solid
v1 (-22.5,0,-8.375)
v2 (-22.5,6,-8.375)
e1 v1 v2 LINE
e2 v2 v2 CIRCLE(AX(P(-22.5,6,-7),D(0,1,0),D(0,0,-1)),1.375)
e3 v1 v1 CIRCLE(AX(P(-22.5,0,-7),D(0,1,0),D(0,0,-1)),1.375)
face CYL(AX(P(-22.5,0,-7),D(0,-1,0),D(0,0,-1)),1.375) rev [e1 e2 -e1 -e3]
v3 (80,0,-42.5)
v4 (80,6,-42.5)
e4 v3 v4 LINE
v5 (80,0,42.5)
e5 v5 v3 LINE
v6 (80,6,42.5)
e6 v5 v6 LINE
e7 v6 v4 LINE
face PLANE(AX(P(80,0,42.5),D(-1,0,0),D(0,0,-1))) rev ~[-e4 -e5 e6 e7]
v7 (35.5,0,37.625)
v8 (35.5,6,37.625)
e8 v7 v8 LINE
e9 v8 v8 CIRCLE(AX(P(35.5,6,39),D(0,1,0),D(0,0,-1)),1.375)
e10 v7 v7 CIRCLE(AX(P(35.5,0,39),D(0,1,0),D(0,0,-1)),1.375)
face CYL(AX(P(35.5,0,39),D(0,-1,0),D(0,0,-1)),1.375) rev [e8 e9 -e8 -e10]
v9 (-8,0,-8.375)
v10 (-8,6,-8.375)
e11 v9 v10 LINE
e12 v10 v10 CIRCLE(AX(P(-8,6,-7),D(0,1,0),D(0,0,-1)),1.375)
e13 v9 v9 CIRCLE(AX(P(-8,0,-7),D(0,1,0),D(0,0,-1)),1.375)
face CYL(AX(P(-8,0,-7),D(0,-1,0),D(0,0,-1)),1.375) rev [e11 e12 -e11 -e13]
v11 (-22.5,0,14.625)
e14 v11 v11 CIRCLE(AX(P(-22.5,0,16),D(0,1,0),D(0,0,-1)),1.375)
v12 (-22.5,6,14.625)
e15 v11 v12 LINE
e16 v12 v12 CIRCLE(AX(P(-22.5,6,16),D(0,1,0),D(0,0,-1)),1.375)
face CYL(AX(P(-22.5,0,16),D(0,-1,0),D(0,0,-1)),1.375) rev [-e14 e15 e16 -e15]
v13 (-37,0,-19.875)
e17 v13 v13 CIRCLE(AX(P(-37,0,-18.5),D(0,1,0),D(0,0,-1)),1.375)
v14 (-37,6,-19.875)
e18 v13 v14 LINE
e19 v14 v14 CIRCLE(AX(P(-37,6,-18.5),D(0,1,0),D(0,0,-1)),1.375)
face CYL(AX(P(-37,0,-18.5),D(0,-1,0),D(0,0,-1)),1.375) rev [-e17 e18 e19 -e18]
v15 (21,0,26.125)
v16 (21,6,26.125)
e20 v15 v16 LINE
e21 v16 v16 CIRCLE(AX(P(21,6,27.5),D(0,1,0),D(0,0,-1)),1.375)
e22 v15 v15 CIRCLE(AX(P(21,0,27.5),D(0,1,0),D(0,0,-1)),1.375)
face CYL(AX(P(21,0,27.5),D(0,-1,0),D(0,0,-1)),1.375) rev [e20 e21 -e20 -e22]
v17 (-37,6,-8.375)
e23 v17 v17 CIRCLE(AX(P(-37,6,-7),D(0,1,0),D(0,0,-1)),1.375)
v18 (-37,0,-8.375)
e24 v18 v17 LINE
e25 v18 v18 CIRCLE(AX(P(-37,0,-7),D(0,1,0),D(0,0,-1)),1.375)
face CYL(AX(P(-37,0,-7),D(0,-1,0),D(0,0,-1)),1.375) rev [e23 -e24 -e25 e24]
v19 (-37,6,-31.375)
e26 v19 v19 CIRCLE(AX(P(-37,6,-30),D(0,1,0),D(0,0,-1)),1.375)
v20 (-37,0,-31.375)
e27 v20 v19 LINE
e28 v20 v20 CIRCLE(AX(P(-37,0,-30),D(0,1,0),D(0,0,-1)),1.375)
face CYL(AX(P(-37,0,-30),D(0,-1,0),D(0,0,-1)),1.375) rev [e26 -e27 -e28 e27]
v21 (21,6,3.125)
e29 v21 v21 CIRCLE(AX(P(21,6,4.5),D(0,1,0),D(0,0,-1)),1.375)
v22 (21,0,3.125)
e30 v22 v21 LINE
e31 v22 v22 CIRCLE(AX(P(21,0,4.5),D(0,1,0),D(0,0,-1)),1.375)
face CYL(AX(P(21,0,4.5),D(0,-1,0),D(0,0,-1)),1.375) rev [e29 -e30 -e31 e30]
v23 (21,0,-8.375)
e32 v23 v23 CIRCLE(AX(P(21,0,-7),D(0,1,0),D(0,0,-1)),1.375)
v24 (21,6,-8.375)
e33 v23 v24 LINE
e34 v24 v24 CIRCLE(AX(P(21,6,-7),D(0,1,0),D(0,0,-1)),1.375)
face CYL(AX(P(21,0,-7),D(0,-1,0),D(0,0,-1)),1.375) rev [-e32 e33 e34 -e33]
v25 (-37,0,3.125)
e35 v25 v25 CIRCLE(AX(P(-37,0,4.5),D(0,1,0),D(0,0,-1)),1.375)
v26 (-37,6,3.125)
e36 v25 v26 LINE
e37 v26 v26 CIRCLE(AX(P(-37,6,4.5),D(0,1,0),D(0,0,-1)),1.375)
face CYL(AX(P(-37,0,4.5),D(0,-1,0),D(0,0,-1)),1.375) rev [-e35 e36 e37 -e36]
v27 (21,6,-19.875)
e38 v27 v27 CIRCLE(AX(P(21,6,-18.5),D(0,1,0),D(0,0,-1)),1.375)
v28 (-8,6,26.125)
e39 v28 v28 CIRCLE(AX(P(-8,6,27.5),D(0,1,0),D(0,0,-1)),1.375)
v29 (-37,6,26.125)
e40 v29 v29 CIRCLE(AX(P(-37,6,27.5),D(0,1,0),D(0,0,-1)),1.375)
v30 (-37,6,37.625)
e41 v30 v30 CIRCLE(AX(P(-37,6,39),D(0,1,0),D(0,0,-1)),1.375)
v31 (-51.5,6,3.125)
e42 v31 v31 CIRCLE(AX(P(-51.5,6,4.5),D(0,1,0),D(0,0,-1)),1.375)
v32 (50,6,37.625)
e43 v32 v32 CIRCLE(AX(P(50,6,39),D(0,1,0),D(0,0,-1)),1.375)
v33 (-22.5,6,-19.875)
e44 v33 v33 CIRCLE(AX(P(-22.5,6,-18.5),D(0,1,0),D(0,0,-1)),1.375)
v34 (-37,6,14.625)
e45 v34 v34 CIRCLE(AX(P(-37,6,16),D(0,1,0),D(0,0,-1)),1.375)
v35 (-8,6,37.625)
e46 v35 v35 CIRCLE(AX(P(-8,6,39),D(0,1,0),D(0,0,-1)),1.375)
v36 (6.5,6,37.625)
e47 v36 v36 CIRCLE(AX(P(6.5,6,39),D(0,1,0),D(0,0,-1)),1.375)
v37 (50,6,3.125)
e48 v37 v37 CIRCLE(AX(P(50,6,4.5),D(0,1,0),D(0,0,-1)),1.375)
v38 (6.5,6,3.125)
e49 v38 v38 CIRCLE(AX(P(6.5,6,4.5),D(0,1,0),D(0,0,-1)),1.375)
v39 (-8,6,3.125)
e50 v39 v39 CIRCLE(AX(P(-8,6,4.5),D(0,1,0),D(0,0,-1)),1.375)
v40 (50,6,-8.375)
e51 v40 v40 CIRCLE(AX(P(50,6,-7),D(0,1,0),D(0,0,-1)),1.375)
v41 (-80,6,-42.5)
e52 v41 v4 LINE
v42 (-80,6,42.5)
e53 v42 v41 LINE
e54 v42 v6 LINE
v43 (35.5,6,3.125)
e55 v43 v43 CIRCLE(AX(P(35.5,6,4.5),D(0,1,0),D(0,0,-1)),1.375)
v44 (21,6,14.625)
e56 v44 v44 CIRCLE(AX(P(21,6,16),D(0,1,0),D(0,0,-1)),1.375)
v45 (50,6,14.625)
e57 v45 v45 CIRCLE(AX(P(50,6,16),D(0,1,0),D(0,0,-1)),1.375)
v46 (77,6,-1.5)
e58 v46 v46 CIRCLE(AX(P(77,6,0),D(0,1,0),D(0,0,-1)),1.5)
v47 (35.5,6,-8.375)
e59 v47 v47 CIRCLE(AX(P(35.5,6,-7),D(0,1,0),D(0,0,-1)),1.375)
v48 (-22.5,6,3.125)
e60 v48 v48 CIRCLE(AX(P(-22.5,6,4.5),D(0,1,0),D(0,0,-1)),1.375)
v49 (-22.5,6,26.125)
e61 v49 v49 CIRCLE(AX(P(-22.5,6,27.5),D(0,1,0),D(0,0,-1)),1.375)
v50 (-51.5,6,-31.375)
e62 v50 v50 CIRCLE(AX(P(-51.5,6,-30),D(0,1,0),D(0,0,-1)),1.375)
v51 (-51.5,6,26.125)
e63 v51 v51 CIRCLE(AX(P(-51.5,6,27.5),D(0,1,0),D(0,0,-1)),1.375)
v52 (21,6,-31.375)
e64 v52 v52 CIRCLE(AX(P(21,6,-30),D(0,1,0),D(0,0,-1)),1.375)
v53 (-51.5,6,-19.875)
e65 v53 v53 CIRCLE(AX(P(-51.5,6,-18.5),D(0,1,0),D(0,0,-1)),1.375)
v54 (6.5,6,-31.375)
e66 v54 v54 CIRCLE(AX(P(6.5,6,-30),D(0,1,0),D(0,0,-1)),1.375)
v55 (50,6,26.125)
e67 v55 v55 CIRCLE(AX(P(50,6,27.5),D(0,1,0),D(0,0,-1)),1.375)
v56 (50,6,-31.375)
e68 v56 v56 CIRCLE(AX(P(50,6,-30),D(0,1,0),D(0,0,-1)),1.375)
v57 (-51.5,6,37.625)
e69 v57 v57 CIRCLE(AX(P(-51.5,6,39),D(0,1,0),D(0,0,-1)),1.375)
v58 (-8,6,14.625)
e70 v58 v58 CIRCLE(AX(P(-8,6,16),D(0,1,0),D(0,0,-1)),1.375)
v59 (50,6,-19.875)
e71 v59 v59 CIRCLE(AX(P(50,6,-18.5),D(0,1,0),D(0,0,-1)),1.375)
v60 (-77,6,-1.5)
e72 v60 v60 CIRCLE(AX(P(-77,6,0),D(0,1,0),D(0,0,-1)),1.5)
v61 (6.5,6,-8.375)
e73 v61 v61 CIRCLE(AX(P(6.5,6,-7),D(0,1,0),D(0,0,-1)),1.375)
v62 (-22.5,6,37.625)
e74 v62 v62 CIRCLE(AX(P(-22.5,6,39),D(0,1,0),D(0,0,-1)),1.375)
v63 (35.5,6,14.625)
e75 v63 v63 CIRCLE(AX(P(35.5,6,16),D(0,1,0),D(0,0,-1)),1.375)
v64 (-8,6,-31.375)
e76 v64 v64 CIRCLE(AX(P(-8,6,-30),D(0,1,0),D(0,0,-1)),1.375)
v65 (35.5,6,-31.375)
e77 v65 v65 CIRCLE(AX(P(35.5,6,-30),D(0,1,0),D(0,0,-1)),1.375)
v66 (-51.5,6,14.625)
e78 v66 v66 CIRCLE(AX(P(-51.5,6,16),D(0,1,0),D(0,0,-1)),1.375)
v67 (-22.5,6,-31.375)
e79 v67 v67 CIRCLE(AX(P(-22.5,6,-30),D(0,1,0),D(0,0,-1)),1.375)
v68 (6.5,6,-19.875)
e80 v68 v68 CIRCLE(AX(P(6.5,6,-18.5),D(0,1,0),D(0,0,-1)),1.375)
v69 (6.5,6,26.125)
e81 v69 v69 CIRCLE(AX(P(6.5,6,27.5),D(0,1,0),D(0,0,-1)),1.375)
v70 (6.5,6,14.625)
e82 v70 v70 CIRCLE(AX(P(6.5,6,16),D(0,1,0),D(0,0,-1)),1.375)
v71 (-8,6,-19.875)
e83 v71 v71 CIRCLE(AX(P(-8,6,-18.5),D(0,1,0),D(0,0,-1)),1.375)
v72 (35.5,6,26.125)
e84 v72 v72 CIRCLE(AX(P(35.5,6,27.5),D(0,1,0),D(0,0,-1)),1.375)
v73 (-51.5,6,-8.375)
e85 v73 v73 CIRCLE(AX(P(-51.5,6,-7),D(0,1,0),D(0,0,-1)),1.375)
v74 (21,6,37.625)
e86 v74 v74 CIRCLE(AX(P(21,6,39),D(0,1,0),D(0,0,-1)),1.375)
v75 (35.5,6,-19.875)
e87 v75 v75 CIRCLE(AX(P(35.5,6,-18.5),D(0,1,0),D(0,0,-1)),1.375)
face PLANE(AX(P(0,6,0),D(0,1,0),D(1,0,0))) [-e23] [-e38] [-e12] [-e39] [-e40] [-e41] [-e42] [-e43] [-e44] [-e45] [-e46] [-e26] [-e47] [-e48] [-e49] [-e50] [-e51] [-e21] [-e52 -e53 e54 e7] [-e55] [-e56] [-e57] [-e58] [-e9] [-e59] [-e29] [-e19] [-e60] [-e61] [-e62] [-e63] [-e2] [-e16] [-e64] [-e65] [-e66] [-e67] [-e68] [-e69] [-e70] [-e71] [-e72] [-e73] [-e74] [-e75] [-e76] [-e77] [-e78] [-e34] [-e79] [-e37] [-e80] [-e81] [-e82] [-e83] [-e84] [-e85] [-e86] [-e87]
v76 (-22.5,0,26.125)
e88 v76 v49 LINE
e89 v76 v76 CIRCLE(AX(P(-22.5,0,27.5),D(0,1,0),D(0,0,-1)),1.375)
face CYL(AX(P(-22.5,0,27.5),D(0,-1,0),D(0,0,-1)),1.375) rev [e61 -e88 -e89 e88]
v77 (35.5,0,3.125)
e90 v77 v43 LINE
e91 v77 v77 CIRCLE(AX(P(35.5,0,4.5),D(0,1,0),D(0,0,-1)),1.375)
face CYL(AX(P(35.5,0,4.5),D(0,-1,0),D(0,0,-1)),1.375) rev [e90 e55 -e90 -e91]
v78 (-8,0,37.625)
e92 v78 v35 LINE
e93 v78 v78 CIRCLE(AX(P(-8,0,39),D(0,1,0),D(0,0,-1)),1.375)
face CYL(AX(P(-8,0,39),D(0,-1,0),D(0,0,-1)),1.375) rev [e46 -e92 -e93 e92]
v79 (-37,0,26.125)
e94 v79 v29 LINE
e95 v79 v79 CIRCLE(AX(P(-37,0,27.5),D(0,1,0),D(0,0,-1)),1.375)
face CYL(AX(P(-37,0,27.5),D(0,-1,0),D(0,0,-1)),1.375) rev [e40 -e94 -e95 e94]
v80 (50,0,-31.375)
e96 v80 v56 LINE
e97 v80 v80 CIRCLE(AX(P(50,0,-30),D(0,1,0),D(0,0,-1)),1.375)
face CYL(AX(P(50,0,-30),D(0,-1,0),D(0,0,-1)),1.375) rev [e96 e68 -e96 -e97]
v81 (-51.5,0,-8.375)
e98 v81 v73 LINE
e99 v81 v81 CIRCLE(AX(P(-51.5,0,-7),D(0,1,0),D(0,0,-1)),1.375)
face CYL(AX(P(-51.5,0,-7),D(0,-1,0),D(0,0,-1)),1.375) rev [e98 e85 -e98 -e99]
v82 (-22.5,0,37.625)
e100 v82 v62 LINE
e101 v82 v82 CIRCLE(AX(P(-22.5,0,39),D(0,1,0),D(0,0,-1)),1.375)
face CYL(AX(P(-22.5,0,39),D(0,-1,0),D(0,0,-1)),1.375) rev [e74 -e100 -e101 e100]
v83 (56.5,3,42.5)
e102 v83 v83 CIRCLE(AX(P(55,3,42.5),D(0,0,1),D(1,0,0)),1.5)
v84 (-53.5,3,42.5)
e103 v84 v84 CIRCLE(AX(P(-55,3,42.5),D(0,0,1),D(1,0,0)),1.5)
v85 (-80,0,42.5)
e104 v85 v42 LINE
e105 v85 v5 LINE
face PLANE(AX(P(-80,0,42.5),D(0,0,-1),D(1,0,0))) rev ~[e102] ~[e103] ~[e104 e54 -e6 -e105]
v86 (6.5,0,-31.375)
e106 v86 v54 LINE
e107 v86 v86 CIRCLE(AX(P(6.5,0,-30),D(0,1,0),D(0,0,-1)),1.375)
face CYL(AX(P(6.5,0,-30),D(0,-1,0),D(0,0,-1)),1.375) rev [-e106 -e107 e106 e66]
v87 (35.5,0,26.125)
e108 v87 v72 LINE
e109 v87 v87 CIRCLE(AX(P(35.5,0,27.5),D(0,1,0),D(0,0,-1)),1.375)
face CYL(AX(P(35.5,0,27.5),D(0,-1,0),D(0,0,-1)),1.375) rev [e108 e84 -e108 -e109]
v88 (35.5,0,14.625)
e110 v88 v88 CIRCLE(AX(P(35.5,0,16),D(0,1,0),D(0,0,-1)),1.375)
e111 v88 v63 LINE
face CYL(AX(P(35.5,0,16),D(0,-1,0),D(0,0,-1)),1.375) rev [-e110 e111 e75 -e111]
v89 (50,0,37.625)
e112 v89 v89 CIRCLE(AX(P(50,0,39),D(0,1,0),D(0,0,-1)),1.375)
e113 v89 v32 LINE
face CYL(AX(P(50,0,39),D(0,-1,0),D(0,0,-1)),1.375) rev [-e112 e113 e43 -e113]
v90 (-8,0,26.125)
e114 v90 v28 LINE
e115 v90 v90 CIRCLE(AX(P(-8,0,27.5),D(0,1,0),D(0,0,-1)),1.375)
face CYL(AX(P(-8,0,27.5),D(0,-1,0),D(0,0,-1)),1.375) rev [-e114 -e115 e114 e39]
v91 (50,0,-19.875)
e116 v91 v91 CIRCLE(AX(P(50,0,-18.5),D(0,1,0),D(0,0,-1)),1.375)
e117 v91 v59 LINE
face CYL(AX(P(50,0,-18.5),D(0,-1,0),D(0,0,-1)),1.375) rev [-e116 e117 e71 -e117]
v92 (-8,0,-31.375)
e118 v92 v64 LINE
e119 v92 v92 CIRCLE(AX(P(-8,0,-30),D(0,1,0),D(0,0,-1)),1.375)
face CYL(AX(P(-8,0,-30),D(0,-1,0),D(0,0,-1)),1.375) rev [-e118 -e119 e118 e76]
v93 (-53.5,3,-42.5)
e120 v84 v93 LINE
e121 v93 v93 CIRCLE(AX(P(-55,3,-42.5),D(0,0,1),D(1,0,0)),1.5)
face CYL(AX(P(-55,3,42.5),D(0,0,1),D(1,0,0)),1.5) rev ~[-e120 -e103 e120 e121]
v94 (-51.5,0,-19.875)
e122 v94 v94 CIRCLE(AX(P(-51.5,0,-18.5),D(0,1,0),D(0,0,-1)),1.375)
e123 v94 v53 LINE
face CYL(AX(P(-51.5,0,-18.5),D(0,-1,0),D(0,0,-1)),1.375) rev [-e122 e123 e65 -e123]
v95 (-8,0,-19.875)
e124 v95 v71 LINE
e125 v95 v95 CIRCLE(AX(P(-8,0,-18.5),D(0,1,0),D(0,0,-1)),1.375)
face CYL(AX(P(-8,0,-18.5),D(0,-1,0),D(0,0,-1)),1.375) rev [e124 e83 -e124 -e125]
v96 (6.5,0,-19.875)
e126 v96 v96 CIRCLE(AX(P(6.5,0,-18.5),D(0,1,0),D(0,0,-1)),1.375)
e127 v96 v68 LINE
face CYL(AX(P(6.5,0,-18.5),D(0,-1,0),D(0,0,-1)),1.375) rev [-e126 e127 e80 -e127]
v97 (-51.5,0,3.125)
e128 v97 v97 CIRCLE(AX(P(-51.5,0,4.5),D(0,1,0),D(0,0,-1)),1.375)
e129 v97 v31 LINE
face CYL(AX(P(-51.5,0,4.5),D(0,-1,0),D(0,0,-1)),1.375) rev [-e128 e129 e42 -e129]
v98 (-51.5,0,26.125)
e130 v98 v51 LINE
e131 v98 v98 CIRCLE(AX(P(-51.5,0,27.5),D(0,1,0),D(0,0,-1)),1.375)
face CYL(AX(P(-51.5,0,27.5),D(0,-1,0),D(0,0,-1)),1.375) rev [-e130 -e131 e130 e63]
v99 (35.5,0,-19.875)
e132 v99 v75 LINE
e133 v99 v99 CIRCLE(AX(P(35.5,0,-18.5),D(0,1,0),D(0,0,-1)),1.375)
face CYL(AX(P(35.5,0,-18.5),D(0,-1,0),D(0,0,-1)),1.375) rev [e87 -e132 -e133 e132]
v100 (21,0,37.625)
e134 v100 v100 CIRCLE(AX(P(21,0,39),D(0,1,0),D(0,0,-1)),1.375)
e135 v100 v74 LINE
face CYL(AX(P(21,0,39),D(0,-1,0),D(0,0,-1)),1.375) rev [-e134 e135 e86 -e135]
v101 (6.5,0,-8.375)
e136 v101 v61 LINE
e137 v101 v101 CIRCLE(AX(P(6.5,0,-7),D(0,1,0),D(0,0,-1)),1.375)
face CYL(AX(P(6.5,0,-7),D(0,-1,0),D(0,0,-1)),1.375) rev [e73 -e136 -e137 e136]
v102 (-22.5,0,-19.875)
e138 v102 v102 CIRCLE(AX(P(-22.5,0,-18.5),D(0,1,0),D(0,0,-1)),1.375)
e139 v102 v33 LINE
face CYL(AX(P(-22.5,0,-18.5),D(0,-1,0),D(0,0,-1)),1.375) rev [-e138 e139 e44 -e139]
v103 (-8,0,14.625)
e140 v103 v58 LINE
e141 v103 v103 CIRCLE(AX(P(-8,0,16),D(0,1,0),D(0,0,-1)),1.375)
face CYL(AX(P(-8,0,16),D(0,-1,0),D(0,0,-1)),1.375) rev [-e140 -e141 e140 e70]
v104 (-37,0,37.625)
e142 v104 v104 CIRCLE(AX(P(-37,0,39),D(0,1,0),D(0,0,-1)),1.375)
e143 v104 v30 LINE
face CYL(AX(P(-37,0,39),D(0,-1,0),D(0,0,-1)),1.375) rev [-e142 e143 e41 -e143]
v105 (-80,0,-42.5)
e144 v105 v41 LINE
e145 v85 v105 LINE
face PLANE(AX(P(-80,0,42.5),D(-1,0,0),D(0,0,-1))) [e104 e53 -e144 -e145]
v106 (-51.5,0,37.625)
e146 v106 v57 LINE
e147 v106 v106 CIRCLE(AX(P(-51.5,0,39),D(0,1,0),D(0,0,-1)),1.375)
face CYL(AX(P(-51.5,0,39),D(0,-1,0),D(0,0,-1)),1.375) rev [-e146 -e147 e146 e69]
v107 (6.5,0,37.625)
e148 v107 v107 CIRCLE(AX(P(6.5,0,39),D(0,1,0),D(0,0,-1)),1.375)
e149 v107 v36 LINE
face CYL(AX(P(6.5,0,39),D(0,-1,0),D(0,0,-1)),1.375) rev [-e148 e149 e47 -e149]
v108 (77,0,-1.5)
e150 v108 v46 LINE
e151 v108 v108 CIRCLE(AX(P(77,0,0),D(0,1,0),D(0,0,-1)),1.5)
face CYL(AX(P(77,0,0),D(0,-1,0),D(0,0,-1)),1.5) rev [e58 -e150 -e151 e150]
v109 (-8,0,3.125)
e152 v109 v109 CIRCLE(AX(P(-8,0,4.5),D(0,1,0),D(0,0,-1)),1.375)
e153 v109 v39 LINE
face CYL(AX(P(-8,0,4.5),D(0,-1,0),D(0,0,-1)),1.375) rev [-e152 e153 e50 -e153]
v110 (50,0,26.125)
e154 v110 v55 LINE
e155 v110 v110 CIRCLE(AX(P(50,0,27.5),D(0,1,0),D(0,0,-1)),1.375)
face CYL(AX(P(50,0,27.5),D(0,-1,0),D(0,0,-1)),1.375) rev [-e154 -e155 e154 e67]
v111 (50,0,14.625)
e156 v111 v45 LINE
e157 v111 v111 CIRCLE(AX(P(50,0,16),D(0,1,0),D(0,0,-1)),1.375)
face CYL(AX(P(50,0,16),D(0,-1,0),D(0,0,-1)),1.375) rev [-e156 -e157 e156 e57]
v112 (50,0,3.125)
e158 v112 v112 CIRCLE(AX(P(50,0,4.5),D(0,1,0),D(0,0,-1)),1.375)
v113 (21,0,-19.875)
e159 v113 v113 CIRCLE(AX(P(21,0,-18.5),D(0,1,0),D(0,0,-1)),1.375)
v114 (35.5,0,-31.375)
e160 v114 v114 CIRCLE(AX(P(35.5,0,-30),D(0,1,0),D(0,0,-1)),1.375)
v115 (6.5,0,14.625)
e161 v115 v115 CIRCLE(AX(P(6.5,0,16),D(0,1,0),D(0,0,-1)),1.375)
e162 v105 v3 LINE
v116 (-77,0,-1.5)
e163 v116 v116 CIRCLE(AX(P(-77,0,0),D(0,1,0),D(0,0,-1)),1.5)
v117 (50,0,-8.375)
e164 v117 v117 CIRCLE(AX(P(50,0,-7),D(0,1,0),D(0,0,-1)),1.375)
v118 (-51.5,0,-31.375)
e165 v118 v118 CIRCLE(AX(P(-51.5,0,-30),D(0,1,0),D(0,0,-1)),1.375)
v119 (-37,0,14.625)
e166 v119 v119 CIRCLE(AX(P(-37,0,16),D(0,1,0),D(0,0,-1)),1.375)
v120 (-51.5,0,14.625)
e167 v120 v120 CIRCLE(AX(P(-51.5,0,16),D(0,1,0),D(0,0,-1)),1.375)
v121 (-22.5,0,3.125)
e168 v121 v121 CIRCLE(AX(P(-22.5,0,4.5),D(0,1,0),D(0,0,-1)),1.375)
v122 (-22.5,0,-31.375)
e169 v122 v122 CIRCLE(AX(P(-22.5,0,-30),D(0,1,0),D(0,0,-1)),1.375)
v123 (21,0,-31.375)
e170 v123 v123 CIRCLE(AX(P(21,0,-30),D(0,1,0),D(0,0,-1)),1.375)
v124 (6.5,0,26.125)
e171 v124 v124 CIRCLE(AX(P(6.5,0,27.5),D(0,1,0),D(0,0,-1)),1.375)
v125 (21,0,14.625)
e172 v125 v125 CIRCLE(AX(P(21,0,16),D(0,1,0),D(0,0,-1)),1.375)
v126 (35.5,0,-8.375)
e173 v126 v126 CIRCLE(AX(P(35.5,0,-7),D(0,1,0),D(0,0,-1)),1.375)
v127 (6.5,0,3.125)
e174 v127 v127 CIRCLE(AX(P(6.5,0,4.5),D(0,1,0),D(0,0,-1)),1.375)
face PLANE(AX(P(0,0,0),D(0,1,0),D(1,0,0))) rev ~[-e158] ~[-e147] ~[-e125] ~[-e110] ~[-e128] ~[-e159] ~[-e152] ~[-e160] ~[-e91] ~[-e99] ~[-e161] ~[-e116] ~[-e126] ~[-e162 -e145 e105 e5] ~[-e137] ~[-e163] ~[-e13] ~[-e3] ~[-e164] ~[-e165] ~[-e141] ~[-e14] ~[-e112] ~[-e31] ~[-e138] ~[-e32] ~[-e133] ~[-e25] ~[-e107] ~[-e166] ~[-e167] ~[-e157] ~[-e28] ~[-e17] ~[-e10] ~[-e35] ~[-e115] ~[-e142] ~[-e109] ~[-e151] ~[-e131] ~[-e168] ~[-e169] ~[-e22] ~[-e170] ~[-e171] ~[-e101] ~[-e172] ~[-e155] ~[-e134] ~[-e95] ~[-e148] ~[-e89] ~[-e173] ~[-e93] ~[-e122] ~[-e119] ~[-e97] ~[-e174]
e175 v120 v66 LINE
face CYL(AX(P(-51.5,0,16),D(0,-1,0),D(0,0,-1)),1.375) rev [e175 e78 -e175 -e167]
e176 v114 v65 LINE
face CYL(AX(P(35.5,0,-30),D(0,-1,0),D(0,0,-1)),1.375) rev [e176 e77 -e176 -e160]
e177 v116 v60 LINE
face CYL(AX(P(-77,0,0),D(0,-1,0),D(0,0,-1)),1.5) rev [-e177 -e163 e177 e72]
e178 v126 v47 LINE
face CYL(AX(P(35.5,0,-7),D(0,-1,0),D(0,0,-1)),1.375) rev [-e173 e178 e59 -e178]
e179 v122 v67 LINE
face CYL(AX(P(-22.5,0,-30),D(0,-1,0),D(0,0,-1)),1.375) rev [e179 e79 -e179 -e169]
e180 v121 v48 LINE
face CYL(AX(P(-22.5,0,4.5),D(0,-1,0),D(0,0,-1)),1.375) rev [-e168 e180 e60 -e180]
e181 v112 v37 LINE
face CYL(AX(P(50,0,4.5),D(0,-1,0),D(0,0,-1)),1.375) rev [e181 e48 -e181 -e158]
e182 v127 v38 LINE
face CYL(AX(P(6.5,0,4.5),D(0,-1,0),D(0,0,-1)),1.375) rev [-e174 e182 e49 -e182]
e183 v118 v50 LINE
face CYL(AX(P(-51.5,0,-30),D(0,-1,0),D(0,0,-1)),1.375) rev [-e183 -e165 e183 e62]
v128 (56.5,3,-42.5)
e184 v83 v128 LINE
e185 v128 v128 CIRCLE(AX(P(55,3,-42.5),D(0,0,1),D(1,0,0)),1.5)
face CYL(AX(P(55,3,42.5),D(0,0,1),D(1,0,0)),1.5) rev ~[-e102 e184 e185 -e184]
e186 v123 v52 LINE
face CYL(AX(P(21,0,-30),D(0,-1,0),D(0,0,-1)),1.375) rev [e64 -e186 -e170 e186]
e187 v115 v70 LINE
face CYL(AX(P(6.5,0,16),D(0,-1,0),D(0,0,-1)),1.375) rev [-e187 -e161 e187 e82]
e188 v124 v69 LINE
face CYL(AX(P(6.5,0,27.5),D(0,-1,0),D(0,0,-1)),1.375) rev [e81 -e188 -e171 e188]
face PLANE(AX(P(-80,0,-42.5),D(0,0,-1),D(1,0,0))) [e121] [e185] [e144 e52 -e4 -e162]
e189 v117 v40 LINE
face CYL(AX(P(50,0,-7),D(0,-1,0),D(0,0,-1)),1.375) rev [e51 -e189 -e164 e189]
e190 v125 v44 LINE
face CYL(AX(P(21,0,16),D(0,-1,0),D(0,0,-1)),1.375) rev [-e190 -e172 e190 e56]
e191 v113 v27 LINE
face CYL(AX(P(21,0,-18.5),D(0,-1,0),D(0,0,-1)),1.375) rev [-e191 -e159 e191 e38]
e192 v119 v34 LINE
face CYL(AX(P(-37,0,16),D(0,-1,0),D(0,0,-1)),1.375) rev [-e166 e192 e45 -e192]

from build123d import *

# Parameters (mm, degrees)
ESQUISSE1_W                     = 160
ESQUISSE1_H                     = 85
BOSS_EXTRU_1_DEPTH              = 6
ESQUISSE2_R                     = 1.5
ENL_V_MAT_EXTRU_1_DEPTH         = 85
ESQUISSE3_R                     = 1.375
ENL_V_MAT_EXTRU_2_DEPTH         = 6
R_P_TITION_LIN_AIRE1_COUNT      = 7
R_P_TITION_LIN_AIRE1_PITCH      = 11.5
R_P_TITION_LIN_AIRE1_COUNT_DIR2 = 8
R_P_TITION_LIN_AIRE1_PITCH_DIR2 = 14.5
ESQUISSE4_R                     = 1.5
ENL_V_MAT_EXTRU_3_DEPTH         = 6


with BuildPart() as part:
    # Esquisse1 → Boss.-Extru.1 (new body)
    with BuildSketch(Plane(origin=(0, 0, 0), x_dir=(1, 0, 0), z_dir=(0, 1, 0))):
        Rectangle(ESQUISSE1_W, ESQUISSE1_H)
    extrude(amount=BOSS_EXTRU_1_DEPTH)

    # Esquisse2 → Enlèv. mat.-Extru.1 (cut)
    with BuildSketch(Plane.XY.offset(42.5)):
        with Locations((-55, 3)):
            Circle(ESQUISSE2_R)
        with Locations((55, 3)):
            Circle(ESQUISSE2_R)
    extrude(amount=-ENL_V_MAT_EXTRU_1_DEPTH, mode=Mode.SUBTRACT)

    # Esquisse3 → Enlèv. mat.-Extru.2 (cut)
    with BuildSketch(Plane(origin=(0, 0, 0), x_dir=(1, 0, 0), z_dir=(0, 1, 0))):
        with Locations(Location((-51.5, 30, 0), (0, 0, 90))):
            Circle(ESQUISSE3_R)
    enl_v_mat_extru_2 = extrude(amount=ENL_V_MAT_EXTRU_2_DEPTH, mode=Mode.SUBTRACT)

    # Répétition linéaire1: Enl_v. mat.-Extru.2 7 × 8
    with Locations(*[(j * R_P_TITION_LIN_AIRE1_PITCH_DIR2, 0, i * R_P_TITION_LIN_AIRE1_PITCH) for i in range(R_P_TITION_LIN_AIRE1_COUNT) for j in range(R_P_TITION_LIN_AIRE1_COUNT_DIR2) if (i, j) != (0, 0)]):
        add(enl_v_mat_extru_2, mode=Mode.SUBTRACT)

    # Esquisse4 → Enlèv. mat.-Extru.3 (cut)
    with BuildSketch(Plane(origin=(0, 0, 0), x_dir=(1, 0, 0), z_dir=(0, 1, 0))):
        with Locations(Location((-77, 0, 0), (0, 0, 90))):
            Circle(ESQUISSE4_R)
        with Locations(Location((77, 0, 0), (0, 0, 90))):
            Circle(ESQUISSE4_R)
    extrude(amount=ENL_V_MAT_EXTRU_3_DEPTH, mode=Mode.SUBTRACT)


solid = part.part
